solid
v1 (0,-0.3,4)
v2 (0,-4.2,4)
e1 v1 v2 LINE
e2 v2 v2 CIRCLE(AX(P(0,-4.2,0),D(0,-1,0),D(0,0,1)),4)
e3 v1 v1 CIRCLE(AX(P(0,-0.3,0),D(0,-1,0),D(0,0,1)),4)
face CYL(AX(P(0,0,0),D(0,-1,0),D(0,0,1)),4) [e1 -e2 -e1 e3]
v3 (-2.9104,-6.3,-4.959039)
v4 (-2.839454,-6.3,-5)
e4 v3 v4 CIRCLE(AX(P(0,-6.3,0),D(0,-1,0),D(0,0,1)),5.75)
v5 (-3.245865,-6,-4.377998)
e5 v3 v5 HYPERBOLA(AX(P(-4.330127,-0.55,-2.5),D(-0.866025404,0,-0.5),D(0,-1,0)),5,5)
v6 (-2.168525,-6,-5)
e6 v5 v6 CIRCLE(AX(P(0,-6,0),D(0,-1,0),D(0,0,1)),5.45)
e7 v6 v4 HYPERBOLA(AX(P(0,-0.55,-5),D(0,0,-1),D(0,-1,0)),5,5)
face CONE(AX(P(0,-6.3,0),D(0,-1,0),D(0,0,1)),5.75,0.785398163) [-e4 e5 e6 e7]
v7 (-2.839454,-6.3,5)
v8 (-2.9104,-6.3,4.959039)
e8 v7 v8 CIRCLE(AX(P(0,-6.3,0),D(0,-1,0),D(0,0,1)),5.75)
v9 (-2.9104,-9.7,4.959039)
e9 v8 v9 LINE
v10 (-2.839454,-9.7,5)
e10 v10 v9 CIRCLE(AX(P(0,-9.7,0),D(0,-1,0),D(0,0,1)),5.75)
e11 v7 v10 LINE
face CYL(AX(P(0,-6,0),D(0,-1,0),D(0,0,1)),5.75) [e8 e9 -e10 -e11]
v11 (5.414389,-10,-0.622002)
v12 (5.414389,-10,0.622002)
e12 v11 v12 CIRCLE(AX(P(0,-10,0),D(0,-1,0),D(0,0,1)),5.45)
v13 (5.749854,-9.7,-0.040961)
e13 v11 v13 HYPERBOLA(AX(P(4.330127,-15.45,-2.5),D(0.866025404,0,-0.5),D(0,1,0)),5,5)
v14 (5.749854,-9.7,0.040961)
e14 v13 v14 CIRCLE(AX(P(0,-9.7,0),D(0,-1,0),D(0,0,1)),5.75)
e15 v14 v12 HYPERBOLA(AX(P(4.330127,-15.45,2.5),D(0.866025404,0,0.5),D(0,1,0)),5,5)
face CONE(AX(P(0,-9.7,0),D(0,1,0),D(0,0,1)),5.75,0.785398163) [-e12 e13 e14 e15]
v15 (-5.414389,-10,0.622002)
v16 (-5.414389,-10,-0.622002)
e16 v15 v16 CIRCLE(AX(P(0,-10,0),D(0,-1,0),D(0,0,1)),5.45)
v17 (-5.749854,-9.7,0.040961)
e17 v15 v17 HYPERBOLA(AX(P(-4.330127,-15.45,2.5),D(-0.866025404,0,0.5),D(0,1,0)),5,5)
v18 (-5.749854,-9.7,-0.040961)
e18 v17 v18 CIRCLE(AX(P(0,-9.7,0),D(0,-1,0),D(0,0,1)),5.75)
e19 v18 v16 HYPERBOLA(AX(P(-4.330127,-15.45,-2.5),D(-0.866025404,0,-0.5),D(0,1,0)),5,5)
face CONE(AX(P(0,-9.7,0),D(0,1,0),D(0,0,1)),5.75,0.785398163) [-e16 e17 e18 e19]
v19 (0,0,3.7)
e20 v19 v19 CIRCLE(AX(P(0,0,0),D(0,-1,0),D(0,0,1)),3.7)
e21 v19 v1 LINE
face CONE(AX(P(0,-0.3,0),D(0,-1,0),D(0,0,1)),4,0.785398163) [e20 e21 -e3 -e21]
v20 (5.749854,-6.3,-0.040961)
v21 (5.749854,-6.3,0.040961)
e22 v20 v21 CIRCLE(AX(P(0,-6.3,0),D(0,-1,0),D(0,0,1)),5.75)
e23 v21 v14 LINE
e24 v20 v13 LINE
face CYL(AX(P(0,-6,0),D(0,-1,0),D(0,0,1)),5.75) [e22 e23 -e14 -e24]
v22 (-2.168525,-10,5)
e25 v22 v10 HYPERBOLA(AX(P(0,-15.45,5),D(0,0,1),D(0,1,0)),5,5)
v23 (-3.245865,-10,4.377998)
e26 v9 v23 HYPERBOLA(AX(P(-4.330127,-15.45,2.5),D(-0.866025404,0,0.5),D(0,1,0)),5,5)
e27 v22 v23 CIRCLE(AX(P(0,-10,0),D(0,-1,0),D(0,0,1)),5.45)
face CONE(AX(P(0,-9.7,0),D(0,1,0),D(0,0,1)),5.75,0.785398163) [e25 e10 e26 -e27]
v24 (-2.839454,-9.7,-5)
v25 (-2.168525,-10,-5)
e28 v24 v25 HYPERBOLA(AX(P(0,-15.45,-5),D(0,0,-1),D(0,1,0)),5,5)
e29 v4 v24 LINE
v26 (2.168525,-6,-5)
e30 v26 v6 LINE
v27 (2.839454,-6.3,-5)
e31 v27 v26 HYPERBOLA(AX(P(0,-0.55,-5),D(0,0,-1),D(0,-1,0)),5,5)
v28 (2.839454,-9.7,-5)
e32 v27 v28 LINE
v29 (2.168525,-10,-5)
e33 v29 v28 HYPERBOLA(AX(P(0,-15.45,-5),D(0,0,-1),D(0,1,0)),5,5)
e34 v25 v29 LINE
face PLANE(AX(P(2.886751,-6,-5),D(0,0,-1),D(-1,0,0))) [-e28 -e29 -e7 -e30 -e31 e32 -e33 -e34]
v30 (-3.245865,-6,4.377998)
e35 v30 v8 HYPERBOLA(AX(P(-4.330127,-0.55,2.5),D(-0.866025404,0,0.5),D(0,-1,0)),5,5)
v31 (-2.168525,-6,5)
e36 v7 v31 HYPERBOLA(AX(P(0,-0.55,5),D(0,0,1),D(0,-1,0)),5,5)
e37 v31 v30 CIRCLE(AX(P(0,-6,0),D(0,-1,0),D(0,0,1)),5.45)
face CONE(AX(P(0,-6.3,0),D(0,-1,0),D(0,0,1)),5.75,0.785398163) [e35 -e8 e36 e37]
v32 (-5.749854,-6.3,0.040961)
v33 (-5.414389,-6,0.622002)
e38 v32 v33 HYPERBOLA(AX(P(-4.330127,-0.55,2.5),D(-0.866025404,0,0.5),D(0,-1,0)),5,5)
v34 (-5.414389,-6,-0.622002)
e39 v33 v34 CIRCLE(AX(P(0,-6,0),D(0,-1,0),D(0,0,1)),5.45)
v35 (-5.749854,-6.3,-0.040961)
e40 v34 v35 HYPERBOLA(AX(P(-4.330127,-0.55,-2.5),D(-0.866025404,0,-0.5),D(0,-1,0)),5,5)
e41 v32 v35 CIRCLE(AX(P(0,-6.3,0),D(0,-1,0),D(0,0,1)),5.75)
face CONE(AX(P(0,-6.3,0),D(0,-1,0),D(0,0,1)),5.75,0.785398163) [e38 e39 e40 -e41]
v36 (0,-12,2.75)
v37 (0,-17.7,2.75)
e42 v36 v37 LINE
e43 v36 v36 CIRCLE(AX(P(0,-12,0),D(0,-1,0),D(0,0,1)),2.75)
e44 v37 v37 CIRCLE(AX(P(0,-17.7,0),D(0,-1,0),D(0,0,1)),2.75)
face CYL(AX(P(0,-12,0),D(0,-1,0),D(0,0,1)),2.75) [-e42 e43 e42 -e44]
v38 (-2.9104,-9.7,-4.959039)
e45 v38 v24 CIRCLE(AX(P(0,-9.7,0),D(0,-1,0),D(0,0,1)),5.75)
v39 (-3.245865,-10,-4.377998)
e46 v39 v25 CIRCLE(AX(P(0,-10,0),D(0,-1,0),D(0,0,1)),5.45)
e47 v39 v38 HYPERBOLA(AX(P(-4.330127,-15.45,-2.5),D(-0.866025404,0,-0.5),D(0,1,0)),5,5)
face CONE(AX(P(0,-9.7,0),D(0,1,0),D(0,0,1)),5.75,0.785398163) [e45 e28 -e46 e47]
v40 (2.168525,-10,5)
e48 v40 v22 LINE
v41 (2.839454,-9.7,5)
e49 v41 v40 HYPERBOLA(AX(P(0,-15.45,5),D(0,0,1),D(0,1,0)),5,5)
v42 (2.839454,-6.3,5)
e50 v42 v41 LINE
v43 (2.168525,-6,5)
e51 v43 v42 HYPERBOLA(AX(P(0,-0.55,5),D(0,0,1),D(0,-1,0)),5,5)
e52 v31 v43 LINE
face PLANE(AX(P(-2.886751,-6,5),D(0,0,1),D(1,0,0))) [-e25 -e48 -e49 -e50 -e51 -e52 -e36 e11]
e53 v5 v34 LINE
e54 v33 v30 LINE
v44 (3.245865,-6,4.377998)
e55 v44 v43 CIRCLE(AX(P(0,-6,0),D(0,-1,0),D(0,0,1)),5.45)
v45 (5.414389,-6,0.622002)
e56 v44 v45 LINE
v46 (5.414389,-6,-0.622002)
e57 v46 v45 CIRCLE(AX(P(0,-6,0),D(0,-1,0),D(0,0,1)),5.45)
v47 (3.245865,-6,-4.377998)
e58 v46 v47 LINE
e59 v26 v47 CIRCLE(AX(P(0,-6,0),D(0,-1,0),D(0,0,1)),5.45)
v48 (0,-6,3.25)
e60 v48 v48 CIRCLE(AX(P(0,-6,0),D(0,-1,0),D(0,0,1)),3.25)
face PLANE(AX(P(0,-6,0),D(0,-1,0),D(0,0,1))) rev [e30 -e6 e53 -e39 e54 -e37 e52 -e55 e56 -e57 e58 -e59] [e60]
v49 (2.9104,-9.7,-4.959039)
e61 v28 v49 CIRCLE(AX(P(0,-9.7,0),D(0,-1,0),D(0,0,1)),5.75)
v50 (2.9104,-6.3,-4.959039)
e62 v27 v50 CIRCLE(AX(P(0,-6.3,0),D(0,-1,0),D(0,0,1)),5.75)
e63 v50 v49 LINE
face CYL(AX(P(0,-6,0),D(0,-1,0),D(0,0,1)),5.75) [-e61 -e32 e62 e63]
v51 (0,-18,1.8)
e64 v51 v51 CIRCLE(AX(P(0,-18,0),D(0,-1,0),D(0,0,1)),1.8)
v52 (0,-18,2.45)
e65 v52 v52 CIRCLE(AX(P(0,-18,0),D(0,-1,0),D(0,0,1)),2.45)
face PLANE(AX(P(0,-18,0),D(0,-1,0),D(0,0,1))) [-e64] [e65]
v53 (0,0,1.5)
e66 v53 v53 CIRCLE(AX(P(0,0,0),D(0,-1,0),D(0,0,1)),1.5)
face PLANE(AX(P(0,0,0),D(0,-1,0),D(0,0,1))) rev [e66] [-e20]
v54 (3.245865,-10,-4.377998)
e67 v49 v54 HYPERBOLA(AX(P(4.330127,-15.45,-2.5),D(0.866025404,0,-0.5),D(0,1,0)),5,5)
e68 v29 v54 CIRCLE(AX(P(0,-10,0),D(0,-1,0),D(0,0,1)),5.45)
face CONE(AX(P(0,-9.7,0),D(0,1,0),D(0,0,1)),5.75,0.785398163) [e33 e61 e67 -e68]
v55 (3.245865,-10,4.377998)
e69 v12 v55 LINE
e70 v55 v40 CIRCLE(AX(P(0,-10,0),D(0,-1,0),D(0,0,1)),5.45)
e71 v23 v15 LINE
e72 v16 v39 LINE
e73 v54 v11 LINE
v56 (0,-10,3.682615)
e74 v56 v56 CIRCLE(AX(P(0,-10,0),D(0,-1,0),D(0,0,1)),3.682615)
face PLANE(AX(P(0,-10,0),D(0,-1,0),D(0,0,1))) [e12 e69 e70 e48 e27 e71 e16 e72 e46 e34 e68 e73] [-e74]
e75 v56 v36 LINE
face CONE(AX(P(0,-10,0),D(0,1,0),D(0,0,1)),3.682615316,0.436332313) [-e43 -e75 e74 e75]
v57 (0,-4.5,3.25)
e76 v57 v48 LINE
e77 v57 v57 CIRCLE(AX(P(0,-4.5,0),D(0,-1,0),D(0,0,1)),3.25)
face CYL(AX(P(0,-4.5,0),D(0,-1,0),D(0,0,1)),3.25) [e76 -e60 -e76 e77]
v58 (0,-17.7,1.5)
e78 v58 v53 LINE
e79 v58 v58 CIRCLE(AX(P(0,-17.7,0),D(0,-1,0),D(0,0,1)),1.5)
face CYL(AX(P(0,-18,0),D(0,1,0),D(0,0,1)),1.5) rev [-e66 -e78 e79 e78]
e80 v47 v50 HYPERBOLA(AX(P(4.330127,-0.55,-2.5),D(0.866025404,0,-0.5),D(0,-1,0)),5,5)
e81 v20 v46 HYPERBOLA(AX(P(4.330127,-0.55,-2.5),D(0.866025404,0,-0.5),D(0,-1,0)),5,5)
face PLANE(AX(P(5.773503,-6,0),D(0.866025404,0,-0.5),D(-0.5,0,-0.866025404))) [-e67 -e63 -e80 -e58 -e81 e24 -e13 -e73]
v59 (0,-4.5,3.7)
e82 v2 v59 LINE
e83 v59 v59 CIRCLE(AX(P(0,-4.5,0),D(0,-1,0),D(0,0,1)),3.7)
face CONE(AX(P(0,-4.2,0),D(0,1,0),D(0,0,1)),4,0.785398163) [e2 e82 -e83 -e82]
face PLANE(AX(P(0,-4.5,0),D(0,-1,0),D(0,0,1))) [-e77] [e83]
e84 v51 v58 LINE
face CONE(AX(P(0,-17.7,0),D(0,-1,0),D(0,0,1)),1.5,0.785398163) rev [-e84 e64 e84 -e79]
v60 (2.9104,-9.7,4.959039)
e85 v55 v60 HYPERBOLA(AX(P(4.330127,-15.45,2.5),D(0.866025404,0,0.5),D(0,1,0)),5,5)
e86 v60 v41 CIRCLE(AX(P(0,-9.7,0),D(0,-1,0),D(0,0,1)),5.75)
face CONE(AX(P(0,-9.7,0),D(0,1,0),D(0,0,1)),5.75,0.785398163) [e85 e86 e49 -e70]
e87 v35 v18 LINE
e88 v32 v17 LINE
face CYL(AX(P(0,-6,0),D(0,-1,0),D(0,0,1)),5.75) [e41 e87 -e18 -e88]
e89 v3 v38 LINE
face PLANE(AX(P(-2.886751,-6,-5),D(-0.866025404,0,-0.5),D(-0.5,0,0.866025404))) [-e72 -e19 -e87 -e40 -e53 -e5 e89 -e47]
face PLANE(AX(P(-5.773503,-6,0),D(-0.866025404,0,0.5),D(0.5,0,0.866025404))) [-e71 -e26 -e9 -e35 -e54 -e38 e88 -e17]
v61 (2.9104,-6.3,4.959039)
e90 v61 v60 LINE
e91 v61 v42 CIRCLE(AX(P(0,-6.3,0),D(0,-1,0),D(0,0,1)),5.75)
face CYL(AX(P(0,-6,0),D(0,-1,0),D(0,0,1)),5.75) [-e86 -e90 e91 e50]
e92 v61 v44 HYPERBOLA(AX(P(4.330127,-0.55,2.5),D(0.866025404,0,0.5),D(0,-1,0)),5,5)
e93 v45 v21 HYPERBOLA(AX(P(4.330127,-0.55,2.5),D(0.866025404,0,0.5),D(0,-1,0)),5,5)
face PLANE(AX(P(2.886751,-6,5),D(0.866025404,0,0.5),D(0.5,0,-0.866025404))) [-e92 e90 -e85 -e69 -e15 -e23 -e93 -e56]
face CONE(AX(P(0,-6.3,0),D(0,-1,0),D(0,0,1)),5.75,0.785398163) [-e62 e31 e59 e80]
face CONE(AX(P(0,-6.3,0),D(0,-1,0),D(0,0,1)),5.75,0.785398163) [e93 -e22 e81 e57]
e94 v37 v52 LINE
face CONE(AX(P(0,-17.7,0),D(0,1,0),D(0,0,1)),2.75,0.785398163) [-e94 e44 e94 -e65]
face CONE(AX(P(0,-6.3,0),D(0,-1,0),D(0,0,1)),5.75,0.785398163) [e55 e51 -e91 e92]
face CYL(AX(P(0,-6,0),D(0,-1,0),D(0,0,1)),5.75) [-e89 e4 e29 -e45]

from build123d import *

# Parameters (mm, degrees)
CHAMFER_1_SIZE      = 0.3
SKETCH_2_OUTSIDE_W  = 18.352
SKETCH_2_OUTSIDE_H  = 18.352
CUT_EXTRUDE_1_DEPTH = 15.495689014


with BuildPart() as part:
    # Эскиз1 → Повернуть1 (revolve)
    with BuildSketch(Plane.XY):
        Polygon((1.5, 0), (4, 0), (4, -4.5), (3.25, -4.5), (3.25, -6), (5.75, -6), (5.75, -10), (3.682615316, -10), (2.75, -12), (2.75, -18), (1.5, -18), align=None)
    revolve(axis=Axis((0, 8.266911596, 0), (0, -1, 0)))

    # Фаска1
    chamfer_1_edges = [part.edges().sort_by_distance(p)[0] for p in [
        (-5.75, -10, 0),
        (-5.75, -6, 0),
        (-4, -4.5, 0),
        (-4, 0, 0),
        (-1.5, -18, 0),
        (-2.75, -18, 0),
    ]]
    chamfer(chamfer_1_edges, length=CHAMFER_1_SIZE)

    # Эскиз2 outside → Вырез-Вытянуть1 (cut, through all)
    with BuildSketch(Plane(origin=(0, -6, 0), x_dir=(1, 0, 0), z_dir=(0, 1, 0))):
        Rectangle(SKETCH_2_OUTSIDE_W, SKETCH_2_OUTSIDE_H)
        Polygon((5.773502692, 0), (2.886751346, 5), (-2.886751346, 5), (-5.773502692, 0), (-2.886751346, -5), (2.886751346, -5), align=None, mode=Mode.SUBTRACT)
    extrude(amount=-CUT_EXTRUDE_1_DEPTH, mode=Mode.SUBTRACT)


solid = part.part
